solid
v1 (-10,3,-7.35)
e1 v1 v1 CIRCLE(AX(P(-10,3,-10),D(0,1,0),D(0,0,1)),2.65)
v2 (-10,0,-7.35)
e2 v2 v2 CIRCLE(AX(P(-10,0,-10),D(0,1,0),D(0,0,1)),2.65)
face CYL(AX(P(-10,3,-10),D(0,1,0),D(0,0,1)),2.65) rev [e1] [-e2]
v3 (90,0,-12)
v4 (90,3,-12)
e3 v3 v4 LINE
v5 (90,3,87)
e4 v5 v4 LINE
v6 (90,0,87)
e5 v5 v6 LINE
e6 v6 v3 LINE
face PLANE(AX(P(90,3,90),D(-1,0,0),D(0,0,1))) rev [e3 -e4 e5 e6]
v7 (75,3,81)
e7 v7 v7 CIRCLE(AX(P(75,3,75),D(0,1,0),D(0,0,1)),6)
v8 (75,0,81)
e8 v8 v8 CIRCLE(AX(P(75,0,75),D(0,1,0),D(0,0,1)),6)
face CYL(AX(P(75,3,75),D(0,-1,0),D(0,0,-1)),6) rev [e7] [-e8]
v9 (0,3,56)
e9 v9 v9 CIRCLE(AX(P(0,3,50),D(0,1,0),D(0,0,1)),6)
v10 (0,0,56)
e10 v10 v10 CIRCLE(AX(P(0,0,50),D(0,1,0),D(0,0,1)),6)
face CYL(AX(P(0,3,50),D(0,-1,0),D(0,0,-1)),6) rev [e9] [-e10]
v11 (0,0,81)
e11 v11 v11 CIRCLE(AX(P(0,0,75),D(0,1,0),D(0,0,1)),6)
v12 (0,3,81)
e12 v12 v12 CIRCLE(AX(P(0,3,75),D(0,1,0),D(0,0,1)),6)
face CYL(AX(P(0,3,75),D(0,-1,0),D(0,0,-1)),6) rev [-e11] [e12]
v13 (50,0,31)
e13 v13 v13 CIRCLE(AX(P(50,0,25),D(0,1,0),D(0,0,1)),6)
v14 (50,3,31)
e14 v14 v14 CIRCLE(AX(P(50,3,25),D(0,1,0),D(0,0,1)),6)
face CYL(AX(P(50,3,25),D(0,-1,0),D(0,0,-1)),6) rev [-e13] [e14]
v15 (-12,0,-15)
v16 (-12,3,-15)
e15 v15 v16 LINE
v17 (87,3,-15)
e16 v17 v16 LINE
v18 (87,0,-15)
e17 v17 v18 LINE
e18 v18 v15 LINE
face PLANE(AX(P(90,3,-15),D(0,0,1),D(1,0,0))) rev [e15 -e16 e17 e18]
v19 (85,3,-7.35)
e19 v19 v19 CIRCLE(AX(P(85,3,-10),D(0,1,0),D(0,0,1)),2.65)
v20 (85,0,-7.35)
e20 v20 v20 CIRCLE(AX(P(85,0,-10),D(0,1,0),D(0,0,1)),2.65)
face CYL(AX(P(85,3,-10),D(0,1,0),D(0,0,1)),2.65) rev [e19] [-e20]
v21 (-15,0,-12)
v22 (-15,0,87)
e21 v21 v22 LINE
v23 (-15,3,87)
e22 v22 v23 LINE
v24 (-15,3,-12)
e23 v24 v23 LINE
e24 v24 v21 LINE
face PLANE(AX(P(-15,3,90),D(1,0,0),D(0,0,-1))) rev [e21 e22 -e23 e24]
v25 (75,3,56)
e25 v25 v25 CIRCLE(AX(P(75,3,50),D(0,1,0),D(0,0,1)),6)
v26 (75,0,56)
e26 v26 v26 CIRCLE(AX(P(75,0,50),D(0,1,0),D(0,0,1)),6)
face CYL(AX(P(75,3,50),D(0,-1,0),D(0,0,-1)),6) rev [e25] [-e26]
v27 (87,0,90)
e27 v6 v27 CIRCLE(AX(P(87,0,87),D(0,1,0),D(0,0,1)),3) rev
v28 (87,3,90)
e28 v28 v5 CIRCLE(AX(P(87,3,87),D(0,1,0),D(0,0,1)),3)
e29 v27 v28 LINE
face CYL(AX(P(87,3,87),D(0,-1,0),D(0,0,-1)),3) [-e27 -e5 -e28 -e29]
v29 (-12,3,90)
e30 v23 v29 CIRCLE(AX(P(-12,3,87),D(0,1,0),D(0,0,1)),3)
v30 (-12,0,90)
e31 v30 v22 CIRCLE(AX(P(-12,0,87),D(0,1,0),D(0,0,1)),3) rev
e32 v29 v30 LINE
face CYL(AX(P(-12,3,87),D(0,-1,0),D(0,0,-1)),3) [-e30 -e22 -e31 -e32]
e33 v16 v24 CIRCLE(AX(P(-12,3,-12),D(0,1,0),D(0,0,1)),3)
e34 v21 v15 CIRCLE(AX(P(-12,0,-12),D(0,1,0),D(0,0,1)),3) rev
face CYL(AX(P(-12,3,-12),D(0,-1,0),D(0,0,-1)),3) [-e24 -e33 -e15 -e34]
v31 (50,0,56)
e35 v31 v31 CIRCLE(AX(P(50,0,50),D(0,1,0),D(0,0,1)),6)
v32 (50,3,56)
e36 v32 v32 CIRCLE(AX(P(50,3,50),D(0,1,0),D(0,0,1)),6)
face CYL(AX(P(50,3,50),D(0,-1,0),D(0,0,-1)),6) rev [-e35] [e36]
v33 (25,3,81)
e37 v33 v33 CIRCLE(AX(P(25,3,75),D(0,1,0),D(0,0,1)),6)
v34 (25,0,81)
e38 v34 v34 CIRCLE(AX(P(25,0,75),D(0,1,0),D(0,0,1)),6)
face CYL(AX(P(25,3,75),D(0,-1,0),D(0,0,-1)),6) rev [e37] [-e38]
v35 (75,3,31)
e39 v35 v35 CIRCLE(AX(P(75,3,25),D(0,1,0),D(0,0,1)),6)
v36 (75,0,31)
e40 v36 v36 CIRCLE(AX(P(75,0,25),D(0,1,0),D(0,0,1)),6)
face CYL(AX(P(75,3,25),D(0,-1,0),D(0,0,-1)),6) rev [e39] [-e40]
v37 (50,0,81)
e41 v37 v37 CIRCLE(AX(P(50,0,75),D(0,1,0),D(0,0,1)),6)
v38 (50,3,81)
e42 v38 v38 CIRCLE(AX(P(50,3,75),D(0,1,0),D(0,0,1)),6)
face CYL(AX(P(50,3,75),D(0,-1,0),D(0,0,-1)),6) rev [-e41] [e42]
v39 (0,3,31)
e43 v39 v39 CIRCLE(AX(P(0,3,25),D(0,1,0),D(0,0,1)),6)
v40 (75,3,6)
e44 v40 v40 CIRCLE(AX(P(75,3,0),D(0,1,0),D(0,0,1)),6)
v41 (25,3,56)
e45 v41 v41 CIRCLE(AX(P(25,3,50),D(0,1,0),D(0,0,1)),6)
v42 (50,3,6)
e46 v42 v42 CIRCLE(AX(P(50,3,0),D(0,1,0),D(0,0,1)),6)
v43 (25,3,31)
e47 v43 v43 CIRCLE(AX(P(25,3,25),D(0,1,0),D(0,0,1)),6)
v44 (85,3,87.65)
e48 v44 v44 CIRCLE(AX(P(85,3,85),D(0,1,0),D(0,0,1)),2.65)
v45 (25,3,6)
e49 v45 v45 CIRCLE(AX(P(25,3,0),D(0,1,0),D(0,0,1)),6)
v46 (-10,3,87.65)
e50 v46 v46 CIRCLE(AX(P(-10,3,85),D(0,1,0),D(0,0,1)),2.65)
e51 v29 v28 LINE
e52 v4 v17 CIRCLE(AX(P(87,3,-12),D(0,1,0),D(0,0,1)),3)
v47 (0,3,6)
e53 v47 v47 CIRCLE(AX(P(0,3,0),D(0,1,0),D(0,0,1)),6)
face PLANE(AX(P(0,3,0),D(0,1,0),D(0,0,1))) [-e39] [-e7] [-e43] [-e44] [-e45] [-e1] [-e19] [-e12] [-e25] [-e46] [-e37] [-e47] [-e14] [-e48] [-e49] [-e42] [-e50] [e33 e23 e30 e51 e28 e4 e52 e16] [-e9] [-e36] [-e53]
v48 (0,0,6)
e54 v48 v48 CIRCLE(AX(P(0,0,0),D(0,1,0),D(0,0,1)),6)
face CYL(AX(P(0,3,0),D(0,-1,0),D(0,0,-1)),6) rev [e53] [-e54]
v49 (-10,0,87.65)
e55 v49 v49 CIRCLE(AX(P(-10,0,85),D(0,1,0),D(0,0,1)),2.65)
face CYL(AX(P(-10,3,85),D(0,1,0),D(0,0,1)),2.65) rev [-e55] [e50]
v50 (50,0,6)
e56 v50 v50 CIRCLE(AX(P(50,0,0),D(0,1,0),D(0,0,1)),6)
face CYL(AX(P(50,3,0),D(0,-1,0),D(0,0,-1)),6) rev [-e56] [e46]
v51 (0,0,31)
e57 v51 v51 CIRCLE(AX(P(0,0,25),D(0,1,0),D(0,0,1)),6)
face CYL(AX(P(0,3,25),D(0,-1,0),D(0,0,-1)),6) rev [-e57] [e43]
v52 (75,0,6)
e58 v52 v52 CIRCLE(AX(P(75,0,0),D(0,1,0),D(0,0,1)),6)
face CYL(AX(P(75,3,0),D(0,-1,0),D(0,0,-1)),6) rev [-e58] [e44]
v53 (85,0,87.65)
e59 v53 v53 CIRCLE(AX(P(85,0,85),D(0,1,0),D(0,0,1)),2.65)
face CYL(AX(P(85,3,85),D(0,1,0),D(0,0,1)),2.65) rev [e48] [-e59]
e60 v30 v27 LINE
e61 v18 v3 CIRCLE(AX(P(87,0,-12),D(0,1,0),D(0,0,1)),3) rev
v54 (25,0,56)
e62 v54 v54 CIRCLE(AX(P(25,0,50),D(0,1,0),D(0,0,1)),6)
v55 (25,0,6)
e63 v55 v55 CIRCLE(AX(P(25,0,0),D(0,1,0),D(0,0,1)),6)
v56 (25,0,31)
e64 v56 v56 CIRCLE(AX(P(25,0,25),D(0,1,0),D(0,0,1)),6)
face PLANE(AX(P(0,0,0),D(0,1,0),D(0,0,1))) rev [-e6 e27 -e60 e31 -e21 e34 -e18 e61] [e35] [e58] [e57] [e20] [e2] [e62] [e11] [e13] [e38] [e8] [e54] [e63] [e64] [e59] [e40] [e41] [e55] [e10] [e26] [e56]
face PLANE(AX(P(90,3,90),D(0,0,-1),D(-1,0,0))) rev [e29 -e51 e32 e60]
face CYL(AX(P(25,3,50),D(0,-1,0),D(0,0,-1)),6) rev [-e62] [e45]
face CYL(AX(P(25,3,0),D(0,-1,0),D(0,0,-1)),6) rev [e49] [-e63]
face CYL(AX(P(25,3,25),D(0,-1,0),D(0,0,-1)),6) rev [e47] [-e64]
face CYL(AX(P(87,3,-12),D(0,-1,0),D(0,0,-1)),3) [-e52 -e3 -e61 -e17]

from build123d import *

# Parameters (mm, degrees)
SKETCH1_W            = 105
SKETCH1_H            = 105
SKETCH1_R            = 6
BOSS_EXTRUDE1_DEPTH  = 3
M5_CLEARANCE_HOLE1_D = 5.3
FILLET2_R            = 3


with BuildPart() as part:
    # Sketch1 → Boss-Extrude1 (new body)
    with BuildSketch(Plane(origin=(0, 0, 0), x_dir=(1, 0, 0), z_dir=(0, 1, 0))):
        with Locations((37.5, -37.5)):
            Rectangle(SKETCH1_W, SKETCH1_H)
        with Locations(Location((0, 0, 0), (0, 0, 270))):
            Circle(SKETCH1_R, mode=Mode.SUBTRACT)
        with Locations(Location((25, 0, 0), (0, 0, 270))):
            Circle(SKETCH1_R, mode=Mode.SUBTRACT)
        with Locations(Location((50, 0, 0), (0, 0, 270))):
            Circle(SKETCH1_R, mode=Mode.SUBTRACT)
        with Locations(Location((75, 0, 0), (0, 0, 270))):
            Circle(SKETCH1_R, mode=Mode.SUBTRACT)
        with Locations(Location((25, -25, 0), (0, 0, 270))):
            Circle(SKETCH1_R, mode=Mode.SUBTRACT)
        with Locations(Location((50, -25, 0), (0, 0, 270))):
            Circle(SKETCH1_R, mode=Mode.SUBTRACT)
        with Locations(Location((75, -25, 0), (0, 0, 270))):
            Circle(SKETCH1_R, mode=Mode.SUBTRACT)
        with Locations(Location((25, -50, 0), (0, 0, 270))):
            Circle(SKETCH1_R, mode=Mode.SUBTRACT)
        with Locations(Location((50, -50, 0), (0, 0, 270))):
            Circle(SKETCH1_R, mode=Mode.SUBTRACT)
        with Locations(Location((75, -50, 0), (0, 0, 270))):
            Circle(SKETCH1_R, mode=Mode.SUBTRACT)
        with Locations(Location((0, -25, 0), (0, 0, 270))):
            Circle(SKETCH1_R, mode=Mode.SUBTRACT)
        with Locations(Location((0, -50, 0), (0, 0, 270))):
            Circle(SKETCH1_R, mode=Mode.SUBTRACT)
        with Locations(Location((0, -75, 0), (0, 0, 270))):
            Circle(SKETCH1_R, mode=Mode.SUBTRACT)
        with Locations(Location((75, -75, 0), (0, 0, 270))):
            Circle(SKETCH1_R, mode=Mode.SUBTRACT)
        with Locations(Location((25, -75, 0), (0, 0, 270))):
            Circle(SKETCH1_R, mode=Mode.SUBTRACT)
        with Locations(Location((50, -75, 0), (0, 0, 270))):
            Circle(SKETCH1_R, mode=Mode.SUBTRACT)
    extrude(amount=BOSS_EXTRUDE1_DEPTH)

    # M5 Clearance Hole1 (through all)
    with Locations(Plane(origin=(0, 3, 0), x_dir=(1, 0, 0), z_dir=(0, 1, 0))):
        with Locations((-10, 10), (-10, -85), (85, -85), (85, 10)):
            Hole(M5_CLEARANCE_HOLE1_D / 2)

    # Fillet2
    fillet2_edges = [part.edges().sort_by_distance(p)[0] for p in [
        (-15, 1.5, -15),
        (90, 1.5, -15),
        (90, 1.5, 90),
        (-15, 1.5, 90),
    ]]
    fillet(fillet2_edges, radius=FILLET2_R)


solid = part.part
